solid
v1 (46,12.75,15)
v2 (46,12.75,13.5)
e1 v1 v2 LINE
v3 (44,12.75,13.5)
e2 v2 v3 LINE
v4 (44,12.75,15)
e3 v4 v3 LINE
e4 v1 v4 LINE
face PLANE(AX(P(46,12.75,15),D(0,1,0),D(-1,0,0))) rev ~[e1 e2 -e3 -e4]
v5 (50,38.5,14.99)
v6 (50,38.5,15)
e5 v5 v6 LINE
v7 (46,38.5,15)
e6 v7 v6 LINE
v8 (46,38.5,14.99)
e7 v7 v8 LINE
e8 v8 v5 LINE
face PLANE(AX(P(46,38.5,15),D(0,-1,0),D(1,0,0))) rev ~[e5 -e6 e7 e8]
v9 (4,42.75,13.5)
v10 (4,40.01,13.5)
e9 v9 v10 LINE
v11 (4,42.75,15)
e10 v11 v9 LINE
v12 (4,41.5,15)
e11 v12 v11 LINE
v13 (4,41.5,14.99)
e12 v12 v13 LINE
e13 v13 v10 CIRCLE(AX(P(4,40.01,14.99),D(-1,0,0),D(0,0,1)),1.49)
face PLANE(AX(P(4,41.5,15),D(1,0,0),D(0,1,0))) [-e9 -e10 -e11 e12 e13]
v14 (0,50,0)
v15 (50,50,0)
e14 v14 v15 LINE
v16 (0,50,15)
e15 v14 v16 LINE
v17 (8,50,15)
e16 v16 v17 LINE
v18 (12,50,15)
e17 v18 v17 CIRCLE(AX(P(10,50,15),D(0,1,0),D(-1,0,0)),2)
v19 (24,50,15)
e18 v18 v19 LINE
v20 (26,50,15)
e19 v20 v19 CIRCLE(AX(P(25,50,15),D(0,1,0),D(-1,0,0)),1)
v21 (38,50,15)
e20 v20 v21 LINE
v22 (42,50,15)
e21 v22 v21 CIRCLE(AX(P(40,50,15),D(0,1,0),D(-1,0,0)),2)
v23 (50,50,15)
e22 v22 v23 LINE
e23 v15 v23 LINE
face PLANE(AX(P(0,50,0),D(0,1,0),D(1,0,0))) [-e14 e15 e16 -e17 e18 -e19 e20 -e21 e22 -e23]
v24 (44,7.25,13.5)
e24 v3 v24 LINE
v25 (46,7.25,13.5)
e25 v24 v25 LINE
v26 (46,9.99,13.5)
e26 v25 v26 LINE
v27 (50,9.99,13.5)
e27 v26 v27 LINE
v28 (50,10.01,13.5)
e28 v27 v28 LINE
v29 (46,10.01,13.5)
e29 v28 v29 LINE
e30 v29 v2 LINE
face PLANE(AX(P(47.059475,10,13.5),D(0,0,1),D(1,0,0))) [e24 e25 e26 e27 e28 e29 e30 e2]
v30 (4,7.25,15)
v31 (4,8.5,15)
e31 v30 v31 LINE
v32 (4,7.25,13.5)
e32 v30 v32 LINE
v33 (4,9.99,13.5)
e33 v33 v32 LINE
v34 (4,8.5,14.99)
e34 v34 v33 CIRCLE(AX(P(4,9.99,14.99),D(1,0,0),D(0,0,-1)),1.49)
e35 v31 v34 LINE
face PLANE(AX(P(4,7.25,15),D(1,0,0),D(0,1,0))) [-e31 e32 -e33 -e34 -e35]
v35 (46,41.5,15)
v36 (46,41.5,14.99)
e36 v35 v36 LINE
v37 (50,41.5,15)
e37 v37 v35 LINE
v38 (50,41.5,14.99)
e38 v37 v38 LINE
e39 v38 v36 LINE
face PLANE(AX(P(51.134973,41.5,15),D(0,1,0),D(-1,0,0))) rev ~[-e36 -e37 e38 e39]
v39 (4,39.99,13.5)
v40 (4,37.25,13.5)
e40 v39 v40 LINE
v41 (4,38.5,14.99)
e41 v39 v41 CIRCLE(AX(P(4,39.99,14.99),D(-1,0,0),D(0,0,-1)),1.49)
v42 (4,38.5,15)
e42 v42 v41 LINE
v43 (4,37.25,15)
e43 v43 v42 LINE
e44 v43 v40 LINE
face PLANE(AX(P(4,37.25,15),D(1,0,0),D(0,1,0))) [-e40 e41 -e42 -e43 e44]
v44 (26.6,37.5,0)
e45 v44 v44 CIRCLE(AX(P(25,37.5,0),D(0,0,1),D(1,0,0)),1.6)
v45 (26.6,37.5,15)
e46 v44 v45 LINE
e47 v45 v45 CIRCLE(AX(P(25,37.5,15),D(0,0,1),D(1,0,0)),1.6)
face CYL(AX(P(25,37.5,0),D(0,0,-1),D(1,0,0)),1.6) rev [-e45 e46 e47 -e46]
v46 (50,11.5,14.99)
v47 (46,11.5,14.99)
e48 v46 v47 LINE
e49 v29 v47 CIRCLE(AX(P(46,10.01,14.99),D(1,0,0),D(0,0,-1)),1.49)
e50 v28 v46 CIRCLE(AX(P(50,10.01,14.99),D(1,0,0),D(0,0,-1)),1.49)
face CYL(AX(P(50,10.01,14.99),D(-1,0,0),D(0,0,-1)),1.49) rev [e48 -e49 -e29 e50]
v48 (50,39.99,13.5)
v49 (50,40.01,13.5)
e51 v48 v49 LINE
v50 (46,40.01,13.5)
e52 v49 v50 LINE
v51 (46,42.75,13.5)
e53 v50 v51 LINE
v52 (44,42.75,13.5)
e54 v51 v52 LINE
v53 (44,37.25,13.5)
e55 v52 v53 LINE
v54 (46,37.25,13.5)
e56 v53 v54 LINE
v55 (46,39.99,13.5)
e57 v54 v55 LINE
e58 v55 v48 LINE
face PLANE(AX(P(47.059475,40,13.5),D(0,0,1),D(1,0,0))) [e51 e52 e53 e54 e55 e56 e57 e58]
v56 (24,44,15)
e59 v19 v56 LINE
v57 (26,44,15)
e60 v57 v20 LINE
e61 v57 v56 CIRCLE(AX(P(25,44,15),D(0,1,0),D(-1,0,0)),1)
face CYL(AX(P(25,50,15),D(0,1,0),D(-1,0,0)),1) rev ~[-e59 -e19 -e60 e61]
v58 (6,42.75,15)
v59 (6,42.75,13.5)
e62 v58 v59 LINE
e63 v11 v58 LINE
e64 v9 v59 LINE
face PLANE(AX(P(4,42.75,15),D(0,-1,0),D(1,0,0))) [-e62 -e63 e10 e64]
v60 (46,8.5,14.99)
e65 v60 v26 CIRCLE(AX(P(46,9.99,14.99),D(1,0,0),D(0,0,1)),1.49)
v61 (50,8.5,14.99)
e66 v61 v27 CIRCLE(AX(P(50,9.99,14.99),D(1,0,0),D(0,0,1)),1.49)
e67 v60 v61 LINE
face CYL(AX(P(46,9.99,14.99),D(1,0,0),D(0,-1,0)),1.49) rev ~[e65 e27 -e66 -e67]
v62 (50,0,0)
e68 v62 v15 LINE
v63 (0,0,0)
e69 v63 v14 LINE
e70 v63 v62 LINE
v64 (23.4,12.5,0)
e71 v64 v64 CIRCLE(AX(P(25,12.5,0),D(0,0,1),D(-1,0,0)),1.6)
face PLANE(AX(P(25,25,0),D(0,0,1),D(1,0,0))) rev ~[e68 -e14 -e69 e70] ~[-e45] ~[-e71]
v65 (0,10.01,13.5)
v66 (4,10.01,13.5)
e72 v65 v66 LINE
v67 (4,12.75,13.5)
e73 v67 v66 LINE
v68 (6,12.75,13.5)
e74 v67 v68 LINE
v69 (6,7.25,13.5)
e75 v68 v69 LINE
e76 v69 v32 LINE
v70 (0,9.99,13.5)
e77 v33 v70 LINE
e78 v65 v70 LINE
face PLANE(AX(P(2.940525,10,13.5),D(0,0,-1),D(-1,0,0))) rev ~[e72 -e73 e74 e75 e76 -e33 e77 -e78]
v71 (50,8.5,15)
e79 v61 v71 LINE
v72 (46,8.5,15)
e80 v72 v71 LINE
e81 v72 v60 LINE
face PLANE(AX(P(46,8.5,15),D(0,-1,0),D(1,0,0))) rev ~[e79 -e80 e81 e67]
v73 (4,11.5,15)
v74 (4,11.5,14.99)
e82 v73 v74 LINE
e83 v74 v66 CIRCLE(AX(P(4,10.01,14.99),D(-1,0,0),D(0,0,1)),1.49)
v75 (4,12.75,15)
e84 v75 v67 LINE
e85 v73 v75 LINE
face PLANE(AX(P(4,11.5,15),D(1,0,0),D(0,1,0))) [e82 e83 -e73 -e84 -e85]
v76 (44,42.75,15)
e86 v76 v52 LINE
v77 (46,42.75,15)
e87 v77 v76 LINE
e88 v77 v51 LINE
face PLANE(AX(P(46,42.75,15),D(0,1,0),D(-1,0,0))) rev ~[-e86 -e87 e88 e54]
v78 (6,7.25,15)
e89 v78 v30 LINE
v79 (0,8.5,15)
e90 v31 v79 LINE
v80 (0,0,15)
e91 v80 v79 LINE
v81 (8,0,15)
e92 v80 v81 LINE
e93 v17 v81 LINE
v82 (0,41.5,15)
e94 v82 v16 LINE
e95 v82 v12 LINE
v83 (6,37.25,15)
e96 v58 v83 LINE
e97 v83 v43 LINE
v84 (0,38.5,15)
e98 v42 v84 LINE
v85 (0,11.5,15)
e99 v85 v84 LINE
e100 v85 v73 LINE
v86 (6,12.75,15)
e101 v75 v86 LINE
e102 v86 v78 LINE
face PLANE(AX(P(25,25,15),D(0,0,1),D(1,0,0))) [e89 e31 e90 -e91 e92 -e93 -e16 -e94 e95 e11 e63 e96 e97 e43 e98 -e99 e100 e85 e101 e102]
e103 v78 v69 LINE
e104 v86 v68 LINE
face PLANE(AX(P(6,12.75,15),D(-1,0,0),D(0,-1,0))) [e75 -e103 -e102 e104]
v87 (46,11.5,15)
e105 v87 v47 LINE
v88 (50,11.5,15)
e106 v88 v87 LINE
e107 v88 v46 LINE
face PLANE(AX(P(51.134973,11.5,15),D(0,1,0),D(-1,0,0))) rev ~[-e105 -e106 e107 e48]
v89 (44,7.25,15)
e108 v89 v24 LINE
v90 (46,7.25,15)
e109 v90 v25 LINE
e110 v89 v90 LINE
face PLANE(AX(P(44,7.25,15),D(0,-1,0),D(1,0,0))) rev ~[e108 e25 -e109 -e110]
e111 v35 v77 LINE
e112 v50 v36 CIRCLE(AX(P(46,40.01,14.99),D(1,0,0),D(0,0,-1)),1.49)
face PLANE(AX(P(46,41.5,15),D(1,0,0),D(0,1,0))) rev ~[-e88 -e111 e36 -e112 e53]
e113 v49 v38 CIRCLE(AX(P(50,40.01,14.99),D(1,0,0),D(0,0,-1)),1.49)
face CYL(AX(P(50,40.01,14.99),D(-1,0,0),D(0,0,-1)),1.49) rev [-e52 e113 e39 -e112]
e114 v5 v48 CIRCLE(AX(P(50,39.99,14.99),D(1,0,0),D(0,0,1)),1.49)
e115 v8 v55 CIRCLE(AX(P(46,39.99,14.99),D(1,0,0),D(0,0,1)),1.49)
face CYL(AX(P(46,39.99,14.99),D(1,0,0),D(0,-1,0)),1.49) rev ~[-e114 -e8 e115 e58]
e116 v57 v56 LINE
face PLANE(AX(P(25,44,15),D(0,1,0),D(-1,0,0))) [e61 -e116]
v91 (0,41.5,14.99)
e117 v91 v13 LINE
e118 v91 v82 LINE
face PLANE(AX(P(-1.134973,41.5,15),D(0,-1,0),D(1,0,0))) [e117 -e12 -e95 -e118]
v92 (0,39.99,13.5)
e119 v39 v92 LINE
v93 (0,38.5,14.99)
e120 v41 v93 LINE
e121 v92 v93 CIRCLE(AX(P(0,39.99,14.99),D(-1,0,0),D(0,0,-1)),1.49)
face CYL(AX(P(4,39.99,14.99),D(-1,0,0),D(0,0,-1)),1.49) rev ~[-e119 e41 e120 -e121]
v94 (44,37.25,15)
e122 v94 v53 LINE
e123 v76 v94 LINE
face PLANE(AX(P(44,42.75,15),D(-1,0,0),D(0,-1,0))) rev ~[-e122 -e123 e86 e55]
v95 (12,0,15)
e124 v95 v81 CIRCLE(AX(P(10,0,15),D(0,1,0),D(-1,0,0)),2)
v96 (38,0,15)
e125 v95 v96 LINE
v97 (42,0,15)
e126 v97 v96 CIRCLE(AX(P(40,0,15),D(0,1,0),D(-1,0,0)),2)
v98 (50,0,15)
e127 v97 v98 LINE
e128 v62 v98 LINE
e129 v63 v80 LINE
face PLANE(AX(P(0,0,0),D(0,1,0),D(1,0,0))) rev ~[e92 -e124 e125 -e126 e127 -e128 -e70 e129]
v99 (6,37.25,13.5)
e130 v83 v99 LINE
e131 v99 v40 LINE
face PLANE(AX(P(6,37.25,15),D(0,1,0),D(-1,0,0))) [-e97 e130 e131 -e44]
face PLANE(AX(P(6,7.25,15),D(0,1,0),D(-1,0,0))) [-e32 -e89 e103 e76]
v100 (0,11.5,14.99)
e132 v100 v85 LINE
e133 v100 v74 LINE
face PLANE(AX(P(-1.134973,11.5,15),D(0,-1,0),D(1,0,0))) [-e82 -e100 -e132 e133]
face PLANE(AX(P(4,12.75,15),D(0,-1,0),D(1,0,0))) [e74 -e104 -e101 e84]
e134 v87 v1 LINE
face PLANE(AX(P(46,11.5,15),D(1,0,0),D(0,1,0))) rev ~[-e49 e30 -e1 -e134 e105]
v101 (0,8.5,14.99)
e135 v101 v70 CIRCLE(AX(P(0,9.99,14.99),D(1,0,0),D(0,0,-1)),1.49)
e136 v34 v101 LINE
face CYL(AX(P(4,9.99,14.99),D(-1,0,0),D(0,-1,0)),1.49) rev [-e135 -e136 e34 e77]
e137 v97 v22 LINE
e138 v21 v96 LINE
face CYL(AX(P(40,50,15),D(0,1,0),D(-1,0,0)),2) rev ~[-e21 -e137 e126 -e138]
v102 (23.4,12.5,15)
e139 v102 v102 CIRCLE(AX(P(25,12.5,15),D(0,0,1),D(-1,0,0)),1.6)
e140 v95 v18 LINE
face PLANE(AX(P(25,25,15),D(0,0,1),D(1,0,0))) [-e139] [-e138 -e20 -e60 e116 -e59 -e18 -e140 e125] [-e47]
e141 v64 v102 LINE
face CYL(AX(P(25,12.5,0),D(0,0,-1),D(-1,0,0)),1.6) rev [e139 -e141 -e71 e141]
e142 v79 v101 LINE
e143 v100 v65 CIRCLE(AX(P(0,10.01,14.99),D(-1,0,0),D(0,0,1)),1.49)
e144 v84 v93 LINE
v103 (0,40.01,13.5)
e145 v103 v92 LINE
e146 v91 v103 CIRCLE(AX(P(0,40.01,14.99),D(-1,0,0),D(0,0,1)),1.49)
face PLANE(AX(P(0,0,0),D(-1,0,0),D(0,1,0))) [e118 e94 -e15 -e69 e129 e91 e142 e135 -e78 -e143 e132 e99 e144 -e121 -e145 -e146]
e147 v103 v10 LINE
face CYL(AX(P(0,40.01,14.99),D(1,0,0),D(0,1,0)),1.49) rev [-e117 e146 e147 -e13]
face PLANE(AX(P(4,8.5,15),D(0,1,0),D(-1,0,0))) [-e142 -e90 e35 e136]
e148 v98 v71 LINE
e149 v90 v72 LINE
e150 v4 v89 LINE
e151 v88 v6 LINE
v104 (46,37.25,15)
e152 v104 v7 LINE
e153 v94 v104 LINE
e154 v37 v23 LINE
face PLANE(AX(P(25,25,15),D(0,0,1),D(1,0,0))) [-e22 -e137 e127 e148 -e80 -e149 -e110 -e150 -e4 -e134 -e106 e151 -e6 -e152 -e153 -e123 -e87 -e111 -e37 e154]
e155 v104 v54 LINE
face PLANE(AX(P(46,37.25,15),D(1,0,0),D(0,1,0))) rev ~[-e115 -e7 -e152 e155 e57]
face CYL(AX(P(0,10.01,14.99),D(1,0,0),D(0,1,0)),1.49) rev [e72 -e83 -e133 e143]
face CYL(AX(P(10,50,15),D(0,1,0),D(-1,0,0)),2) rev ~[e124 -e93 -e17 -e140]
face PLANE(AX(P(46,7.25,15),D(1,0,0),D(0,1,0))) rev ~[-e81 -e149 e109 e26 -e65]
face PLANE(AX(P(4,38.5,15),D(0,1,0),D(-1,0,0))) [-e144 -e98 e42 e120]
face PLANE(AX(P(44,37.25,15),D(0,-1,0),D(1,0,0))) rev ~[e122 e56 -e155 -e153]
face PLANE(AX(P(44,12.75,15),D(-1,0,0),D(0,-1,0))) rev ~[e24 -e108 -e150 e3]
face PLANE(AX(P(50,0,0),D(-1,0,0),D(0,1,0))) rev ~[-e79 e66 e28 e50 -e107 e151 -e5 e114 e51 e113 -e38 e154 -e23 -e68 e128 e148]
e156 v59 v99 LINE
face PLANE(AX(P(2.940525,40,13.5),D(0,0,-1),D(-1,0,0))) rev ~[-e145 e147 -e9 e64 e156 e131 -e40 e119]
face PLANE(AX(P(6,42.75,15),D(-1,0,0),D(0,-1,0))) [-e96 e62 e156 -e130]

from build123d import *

# Parameters (mm, degrees)
ESQUISSE1_W             = 50
ESQUISSE1_H             = 50
ESQUISSE1_R             = 1.6
EXTRUSION1_DEPTH        = 15
ESQUISSE2_R             = 2
ENL_V_MAT_EXTRU_1_DEPTH = 51
ENL_V_MAT_EXTRU_3_DEPTH = 1.5
CONG_1_R                = 1.49
CONG_2_R                = 1.49
ESQUISSE4_R             = 1
ENL_V_MAT_EXTRU_4_DEPTH = 6


with BuildPart() as part:
    # Esquisse1 → Extrusion1 (new body)
    with BuildSketch(Plane.XY):
        with Locations((25, 25)):
            Rectangle(ESQUISSE1_W, ESQUISSE1_H)
        with Locations((25, 37.5)):
            Circle(ESQUISSE1_R, mode=Mode.SUBTRACT)
        with Locations(Location((25, 12.5, 0), (0, 0, 180))):  # turned: the seam where the file's is
            Circle(ESQUISSE1_R, mode=Mode.SUBTRACT)
    extrude(amount=EXTRUSION1_DEPTH)

    # Esquisse2 → Enlèv. mat.-Extru.1 (cut, through all)
    with BuildSketch(Plane(origin=(0, 50, 0), x_dir=(-1, 0, 0), z_dir=(0, 1, 0))):
        with Locations((-10, 15)):
            Circle(ESQUISSE2_R)
        with Locations((-40, 15)):
            Circle(ESQUISSE2_R)
    extrude(amount=-ENL_V_MAT_EXTRU_1_DEPTH, mode=Mode.SUBTRACT)

    # Esquisse3 → Enlèv. mat.-Extru.3 (cut)
    with BuildSketch(Plane.XY.offset(15)):
        Polygon((-1.134972747, 11.5), (4, 11.5), (4, 12.75), (6, 12.75), (6, 7.25), (4, 7.25), (4, 8.5), (-1.134972747, 8.5), align=None)
        Polygon((-1.134972747, 38.5), (-1.134972747, 41.5), (4, 41.5), (4, 42.75), (6, 42.75), (6, 37.25), (4, 37.25), (4, 38.5), align=None)
        Polygon((46, 42.75), (44, 42.75), (44, 37.25), (46, 37.25), (46, 38.5), (51.134972747, 38.5), (51.134972747, 41.5), (46, 41.5), align=None)
        Polygon((46, 12.75), (44, 12.75), (44, 7.25), (46, 7.25), (46, 8.5), (51.134972747, 8.5), (51.134972747, 11.5), (46, 11.5), align=None)
    extrude(amount=-ENL_V_MAT_EXTRU_3_DEPTH, mode=Mode.SUBTRACT)

    # Congé1
    cong_1_edges = [part.edges().sort_by_distance(p)[0] for p in [
        (2, 11.5, 13.5),
    ]]
    fillet(cong_1_edges, radius=CONG_1_R)

    # Congé2
    cong_2_edges = [part.edges().sort_by_distance(p)[0] for p in [
        (48, 11.5, 13.5),
        (48, 8.5, 13.5),
        (2, 8.5, 13.5),
        (2, 38.5, 13.5),
        (2, 41.5, 13.5),
        (48, 41.5, 13.5),
        (48, 38.5, 13.5),
    ]]
    fillet(cong_2_edges, radius=CONG_2_R)

    # Esquisse4 → Enlèv. mat.-Extru.4 (cut)
    with BuildSketch(Plane(origin=(0, 50, 0), x_dir=(-1, 0, 0), z_dir=(0, 1, 0))):
        with Locations((-25, 15)):
            Circle(ESQUISSE4_R)
    extrude(amount=-ENL_V_MAT_EXTRU_4_DEPTH, mode=Mode.SUBTRACT)


solid = part.part
